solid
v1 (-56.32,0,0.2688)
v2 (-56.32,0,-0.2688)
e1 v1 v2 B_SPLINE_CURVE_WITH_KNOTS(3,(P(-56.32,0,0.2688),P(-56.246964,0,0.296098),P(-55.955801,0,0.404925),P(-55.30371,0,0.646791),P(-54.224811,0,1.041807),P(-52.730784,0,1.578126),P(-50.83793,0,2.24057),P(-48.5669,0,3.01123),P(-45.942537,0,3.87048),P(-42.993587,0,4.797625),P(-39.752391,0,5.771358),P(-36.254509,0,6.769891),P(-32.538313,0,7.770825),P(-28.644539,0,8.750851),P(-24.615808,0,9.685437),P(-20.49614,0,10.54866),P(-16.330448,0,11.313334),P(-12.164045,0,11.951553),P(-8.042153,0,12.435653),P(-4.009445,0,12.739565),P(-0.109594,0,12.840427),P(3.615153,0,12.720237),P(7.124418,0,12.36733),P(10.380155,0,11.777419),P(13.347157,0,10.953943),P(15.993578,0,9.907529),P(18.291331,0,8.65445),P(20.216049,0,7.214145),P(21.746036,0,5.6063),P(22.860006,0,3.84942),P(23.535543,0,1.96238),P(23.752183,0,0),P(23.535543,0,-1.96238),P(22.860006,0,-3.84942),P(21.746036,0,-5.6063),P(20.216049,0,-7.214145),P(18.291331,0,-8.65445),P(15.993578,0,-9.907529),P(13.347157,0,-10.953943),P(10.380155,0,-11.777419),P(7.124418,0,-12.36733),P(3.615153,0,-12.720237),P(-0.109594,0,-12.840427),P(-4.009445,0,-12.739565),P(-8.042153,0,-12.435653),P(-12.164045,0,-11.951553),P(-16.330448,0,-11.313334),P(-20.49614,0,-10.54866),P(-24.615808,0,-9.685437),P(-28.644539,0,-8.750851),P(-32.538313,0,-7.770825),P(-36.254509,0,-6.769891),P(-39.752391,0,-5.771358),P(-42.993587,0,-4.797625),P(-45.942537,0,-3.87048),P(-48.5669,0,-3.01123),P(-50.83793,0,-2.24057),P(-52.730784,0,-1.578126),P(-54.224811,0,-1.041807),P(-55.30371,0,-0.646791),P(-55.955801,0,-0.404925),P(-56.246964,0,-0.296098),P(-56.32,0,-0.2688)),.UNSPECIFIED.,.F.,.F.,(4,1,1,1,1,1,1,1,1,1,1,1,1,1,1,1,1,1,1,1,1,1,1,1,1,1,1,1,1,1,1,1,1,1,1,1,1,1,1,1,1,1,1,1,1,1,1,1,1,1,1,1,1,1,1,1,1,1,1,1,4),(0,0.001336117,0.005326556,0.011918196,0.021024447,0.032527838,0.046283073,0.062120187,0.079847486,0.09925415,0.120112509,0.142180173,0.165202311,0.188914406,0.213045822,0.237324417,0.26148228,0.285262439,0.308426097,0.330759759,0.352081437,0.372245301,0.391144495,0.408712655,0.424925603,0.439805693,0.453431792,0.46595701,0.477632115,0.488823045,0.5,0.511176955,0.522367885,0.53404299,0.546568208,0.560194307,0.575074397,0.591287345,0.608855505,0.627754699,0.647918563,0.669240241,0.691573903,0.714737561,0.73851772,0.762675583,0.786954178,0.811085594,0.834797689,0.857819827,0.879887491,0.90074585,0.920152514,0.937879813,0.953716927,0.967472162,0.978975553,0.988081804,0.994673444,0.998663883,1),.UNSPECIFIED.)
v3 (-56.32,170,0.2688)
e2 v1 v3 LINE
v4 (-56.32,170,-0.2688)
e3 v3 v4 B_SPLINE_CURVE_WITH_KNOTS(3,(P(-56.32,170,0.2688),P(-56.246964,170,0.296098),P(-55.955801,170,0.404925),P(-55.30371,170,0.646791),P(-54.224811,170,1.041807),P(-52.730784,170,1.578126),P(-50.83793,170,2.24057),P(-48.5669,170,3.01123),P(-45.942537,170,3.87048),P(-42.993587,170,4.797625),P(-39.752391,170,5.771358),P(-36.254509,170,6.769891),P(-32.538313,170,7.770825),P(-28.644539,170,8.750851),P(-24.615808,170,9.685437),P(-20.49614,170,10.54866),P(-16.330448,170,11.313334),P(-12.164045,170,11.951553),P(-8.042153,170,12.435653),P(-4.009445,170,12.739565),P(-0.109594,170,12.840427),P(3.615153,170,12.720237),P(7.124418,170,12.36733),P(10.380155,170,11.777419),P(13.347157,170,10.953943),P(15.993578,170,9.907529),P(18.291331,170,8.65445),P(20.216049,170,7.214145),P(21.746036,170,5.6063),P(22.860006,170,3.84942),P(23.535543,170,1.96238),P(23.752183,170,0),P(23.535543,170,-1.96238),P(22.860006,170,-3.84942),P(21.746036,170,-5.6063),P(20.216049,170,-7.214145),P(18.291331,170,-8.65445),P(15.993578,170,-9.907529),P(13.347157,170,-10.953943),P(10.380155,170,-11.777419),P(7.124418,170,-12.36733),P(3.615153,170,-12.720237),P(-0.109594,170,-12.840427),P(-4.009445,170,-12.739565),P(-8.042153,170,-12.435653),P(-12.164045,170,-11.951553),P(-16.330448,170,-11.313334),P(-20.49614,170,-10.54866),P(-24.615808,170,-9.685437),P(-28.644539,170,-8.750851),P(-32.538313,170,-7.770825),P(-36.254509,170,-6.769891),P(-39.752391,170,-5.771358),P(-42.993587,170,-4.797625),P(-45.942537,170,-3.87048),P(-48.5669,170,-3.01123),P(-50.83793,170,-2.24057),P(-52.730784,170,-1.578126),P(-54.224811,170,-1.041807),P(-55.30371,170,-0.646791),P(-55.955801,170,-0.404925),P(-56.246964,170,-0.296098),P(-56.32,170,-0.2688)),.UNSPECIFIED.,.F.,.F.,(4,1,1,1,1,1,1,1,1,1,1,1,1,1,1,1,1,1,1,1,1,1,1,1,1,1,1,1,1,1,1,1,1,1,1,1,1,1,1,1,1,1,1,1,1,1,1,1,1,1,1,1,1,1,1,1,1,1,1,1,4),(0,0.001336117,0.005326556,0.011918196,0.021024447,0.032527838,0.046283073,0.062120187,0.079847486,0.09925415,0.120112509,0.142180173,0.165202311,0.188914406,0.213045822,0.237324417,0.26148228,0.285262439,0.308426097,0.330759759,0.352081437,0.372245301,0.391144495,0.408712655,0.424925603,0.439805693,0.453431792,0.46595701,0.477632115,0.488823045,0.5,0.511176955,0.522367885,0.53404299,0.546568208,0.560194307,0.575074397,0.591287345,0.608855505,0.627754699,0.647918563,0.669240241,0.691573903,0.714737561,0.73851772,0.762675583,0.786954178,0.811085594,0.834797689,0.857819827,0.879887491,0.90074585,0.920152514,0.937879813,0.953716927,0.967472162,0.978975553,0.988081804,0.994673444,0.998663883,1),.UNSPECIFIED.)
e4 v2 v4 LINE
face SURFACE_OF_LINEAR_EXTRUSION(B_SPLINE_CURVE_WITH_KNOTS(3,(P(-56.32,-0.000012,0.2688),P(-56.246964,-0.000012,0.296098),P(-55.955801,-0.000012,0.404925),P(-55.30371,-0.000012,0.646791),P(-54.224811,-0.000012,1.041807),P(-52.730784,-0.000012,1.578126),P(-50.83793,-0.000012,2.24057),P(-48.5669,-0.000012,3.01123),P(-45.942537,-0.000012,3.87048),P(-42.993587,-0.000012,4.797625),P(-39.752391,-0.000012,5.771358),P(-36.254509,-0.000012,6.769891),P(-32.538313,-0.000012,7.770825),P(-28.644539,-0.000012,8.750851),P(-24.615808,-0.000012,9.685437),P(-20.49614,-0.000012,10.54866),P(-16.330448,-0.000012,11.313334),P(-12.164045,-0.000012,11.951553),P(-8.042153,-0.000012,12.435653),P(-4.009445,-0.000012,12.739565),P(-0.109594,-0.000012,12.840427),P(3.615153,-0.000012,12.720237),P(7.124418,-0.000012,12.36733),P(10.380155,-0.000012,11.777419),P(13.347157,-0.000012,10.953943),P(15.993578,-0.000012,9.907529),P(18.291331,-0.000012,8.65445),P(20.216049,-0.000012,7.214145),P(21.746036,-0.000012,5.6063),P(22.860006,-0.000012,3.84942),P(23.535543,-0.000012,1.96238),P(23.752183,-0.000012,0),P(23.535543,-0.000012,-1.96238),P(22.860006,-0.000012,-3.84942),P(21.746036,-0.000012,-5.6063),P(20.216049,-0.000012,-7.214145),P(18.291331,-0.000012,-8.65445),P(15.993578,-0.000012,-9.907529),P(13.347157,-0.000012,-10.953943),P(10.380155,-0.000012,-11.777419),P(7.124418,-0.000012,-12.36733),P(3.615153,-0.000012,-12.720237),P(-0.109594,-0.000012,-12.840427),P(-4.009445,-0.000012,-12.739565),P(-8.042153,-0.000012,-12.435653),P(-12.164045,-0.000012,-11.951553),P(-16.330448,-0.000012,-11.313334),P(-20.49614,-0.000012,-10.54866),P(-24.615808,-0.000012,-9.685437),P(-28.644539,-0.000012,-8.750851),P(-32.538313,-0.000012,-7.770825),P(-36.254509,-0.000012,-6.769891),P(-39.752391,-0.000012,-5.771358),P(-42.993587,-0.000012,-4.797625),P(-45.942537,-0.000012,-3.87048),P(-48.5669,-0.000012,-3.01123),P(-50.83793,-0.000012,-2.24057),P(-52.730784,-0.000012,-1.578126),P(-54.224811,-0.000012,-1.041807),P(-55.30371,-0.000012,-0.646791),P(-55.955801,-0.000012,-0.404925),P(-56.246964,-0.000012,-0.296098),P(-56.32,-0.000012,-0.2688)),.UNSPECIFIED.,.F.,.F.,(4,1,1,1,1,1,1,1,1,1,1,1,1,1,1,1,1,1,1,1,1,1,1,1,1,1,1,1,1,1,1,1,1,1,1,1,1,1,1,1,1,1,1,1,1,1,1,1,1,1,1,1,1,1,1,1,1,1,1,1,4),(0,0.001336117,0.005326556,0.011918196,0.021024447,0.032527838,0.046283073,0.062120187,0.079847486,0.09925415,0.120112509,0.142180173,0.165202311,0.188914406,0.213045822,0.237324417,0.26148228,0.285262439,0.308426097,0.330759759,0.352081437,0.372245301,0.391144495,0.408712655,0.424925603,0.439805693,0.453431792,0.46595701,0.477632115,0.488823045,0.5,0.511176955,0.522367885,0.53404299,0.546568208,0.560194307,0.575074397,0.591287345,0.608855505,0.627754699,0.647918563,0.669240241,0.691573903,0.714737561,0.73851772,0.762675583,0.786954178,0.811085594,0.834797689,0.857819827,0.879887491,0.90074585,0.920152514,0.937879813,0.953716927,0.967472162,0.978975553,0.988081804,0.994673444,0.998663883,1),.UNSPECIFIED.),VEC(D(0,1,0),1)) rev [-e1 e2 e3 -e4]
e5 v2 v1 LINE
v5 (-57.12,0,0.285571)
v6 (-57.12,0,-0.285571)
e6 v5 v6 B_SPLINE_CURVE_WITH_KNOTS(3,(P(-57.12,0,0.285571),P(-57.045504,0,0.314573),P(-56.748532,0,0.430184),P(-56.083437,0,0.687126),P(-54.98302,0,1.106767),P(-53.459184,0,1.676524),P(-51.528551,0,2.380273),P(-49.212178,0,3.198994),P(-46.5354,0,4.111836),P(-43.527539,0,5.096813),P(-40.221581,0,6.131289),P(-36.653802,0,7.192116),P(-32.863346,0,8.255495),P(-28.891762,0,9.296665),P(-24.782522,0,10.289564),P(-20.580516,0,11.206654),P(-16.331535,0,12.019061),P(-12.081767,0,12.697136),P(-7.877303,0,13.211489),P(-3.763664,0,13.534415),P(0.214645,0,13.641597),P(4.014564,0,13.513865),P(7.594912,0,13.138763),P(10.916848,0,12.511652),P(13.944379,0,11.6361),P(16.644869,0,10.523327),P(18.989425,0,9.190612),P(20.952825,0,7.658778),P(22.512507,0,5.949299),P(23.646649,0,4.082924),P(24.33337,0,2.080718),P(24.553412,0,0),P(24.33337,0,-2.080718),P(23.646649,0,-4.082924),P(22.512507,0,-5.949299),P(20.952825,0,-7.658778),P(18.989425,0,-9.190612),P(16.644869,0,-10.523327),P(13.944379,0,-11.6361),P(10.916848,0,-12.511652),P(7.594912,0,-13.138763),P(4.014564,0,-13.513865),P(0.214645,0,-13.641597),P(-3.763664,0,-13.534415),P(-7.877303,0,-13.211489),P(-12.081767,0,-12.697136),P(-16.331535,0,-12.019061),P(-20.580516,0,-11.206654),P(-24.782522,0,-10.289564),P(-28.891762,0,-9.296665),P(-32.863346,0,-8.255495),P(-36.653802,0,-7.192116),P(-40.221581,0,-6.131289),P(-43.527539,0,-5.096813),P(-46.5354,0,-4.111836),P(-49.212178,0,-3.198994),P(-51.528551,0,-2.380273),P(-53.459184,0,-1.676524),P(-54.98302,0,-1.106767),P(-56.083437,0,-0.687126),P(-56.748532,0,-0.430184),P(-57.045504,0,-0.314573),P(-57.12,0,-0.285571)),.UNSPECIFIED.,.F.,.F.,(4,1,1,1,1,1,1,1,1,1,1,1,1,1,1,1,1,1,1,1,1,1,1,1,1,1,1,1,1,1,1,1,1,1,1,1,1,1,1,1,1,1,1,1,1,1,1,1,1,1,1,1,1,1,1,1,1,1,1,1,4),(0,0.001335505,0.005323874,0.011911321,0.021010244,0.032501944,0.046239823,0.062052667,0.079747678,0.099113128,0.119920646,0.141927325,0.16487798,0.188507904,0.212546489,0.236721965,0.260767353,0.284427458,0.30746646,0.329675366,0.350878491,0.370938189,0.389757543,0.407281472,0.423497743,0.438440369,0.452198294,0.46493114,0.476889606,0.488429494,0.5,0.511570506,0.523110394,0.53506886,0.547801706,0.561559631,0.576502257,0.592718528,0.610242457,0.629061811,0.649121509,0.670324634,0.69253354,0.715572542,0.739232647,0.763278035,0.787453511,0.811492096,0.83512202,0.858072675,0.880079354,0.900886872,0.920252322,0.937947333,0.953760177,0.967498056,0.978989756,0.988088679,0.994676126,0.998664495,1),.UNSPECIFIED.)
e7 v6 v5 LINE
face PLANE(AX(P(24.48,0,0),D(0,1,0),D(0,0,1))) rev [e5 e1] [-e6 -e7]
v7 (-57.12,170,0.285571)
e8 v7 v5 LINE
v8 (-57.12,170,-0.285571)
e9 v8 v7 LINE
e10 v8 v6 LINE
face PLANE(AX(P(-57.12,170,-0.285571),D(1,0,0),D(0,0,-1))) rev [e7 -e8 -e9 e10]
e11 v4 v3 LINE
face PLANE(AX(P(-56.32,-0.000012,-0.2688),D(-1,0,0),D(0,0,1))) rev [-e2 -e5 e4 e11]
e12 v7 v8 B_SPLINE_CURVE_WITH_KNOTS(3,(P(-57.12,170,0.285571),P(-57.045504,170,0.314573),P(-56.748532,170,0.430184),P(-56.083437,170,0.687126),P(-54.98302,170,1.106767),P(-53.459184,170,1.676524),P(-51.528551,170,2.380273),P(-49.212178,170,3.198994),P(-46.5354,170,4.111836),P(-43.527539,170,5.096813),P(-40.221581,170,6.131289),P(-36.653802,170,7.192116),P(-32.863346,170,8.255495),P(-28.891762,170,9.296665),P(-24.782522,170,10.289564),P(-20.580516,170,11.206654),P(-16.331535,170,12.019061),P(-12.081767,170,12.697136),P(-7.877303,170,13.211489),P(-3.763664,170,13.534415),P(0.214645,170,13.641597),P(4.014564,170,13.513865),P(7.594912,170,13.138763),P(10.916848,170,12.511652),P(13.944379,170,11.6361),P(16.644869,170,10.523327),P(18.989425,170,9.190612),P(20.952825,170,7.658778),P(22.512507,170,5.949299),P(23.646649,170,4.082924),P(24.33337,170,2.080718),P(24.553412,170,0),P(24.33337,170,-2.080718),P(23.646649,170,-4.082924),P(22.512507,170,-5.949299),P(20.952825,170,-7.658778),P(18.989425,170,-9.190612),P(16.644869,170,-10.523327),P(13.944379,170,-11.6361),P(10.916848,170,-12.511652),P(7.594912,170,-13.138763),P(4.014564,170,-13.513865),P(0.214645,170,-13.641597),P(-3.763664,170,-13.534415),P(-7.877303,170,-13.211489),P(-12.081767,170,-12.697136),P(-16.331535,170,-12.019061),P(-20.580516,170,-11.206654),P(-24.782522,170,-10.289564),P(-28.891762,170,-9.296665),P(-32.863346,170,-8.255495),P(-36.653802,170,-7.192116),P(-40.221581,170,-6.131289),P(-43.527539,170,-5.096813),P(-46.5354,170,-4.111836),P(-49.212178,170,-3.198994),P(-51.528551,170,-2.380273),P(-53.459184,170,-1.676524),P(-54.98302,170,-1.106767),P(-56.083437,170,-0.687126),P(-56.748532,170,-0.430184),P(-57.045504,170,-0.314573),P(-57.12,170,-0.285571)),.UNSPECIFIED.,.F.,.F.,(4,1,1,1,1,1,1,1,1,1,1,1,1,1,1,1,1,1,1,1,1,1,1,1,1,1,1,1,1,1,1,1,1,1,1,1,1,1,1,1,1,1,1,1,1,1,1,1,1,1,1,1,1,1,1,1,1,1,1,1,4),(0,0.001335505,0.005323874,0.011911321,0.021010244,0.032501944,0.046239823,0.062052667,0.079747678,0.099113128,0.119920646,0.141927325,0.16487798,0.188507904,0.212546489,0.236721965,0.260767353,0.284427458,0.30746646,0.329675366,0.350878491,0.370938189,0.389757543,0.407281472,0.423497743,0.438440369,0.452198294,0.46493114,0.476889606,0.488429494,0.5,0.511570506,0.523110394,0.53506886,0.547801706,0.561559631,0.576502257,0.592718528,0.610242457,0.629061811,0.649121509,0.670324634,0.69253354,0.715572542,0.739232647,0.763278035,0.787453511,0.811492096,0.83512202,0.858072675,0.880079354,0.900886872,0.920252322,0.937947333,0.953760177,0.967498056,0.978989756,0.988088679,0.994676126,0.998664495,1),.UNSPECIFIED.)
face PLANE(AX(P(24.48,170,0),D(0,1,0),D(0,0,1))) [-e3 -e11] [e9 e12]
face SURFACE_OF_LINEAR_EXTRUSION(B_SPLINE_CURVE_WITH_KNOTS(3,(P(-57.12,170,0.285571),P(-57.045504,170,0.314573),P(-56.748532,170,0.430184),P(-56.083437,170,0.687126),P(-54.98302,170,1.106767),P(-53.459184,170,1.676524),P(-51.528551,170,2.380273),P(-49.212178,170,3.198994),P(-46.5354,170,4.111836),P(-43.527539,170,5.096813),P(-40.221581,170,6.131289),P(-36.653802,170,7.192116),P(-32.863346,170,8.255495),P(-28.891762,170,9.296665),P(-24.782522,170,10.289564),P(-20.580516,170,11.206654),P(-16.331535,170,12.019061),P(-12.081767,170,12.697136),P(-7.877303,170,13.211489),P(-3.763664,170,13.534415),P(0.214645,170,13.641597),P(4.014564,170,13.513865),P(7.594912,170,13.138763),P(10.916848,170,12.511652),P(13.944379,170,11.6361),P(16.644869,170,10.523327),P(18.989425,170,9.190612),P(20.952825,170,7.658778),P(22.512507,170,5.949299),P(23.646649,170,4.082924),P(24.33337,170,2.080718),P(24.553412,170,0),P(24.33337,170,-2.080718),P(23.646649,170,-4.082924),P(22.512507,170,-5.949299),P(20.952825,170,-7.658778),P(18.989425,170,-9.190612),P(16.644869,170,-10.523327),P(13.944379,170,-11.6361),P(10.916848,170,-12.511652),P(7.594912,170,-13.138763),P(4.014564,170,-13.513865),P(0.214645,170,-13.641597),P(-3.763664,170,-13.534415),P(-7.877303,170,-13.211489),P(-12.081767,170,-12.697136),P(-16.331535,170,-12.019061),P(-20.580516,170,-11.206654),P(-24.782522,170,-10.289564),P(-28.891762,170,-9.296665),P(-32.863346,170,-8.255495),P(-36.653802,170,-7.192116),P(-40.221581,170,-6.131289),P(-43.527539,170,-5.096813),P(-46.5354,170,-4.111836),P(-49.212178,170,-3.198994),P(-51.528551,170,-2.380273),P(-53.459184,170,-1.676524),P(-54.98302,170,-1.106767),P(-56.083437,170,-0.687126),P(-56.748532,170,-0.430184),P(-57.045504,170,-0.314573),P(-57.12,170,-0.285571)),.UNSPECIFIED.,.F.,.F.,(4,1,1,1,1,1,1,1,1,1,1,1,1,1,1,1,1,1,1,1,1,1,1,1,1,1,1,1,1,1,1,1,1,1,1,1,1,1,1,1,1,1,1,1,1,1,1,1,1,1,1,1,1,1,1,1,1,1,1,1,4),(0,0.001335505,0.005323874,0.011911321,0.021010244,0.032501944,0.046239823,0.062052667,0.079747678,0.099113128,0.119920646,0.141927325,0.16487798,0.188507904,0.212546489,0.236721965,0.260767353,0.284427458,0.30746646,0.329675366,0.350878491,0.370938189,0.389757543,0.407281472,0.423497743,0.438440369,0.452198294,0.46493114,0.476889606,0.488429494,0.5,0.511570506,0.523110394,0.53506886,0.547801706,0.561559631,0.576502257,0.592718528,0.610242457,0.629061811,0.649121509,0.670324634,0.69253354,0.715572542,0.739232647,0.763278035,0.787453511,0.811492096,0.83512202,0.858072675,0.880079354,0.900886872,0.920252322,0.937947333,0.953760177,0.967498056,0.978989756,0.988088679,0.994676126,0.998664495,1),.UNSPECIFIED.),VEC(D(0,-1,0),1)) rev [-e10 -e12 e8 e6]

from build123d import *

# Parameters (mm, degrees)
BOSS_EXTRUDE1_DEPTH     = 170
CUT_EXTRUDE1_DEPTH      = 180.854730216
CUT_EXTRUDE1_DEPTH_BACK = 180.854730216


with BuildPart() as part:
    # Sketch1 → Boss-Extrude1 (new body)
    with BuildSketch(Plane(origin=(0, 0, 0), x_dir=(1, 0, 0), z_dir=(0, 1, 0))):
        with BuildLine():
            Line((-57.12, 0.28557144), (-57.12, -0.28557144))
            add(Edge.make_bspline(
                [(-57.12, 0.28557144), (-57.045504044, 0.314572746), (-56.748532331, 0.430183953), (-56.083436953, 0.687126259), (-54.98302006, 1.106766885), (-53.459184099, 1.676523506), (-51.528550664, 2.380272674), (-49.212177735, 3.198993693), (-46.535400167, 4.111835748), (-43.527538558, 5.096813059), (-40.221580751, 6.131289203), (-36.65380238, 7.192115627), (-32.863345924, 8.255494879), (-28.891761905, 9.296664774), (-24.782522337, 10.289563982), (-20.580515737, 11.206654449), (-16.331534659, 12.019060841), (-12.081767191, 12.69713645), (-7.87730333, 13.211489437), (-3.763664102, 13.534415398), (0.214644948, 13.64159735), (4.014563956, 13.513865269), (7.594911886, 13.138762831), (10.916848411, 12.511652403), (13.94437884, 11.636099612), (16.644868805, 10.5233265), (18.989424566, 9.190612202), (20.952825012, 7.658778157), (22.512507051, 5.949299348), (23.646649454, 4.082924064), (24.3333703, 2.080718388), (24.553411985, 0), (24.3333703, -2.080718388), (23.646649454, -4.082924064), (22.512507051, -5.949299348), (20.952825012, -7.658778157), (18.989424566, -9.190612202), (16.644868805, -10.5233265), (13.94437884, -11.636099612), (10.916848411, -12.511652403), (7.594911886, -13.138762831), (4.014563956, -13.513865269), (0.214644948, -13.64159735), (-3.763664102, -13.534415398), (-7.87730333, -13.211489437), (-12.081767191, -12.69713645), (-16.331534659, -12.019060841), (-20.580515737, -11.206654449), (-24.782522337, -10.289563982), (-28.891761905, -9.296664774), (-32.863345924, -8.255494879), (-36.65380238, -7.192115627), (-40.221580751, -6.131289203), (-43.527538558, -5.096813059), (-46.535400167, -4.111835748), (-49.212177735, -3.198993693), (-51.528550664, -2.380272674), (-53.459184099, -1.676523506), (-54.98302006, -1.106766885), (-56.083436953, -0.687126259), (-56.748532331, -0.430183953), (-57.045504044, -0.314572746), (-57.12, -0.28557144)],
                knots=[0, 0, 0, 0, 0.001335505, 0.005323874, 0.011911321, 0.021010244, 0.032501944, 0.046239823, 0.062052667, 0.079747678, 0.099113128, 0.119920646, 0.141927325, 0.16487798, 0.188507904, 0.212546489, 0.236721965, 0.260767353, 0.284427458, 0.30746646, 0.329675366, 0.350878491, 0.370938189, 0.389757543, 0.407281472, 0.423497743, 0.438440369, 0.452198294, 0.46493114, 0.476889606, 0.488429494, 0.5, 0.511570506, 0.523110394, 0.53506886, 0.547801706, 0.561559631, 0.576502257, 0.592718528, 0.610242457, 0.629061811, 0.649121509, 0.670324634, 0.69253354, 0.715572542, 0.739232647, 0.763278035, 0.787453511, 0.811492096, 0.83512202, 0.858072675, 0.880079354, 0.900886872, 0.920252322, 0.937947333, 0.953760177, 0.967498056, 0.978989756, 0.988088679, 0.994676126, 0.998664495, 1, 1, 1, 1], degree=3))
        make_face()
    extrude(amount=BOSS_EXTRUDE1_DEPTH)

    # Sketch2 → Cut-Extrude1 (cut, two sides: drawn at the far end of the back side and taken through both)
    with BuildSketch(Plane(origin=(0, 0, 0), x_dir=(1, 0, 0), z_dir=(0, 1, 0)).offset(-CUT_EXTRUDE1_DEPTH_BACK)):
        with BuildLine():
            Line((-56.32, 0.2688), (-56.32, -0.2688))
            add(Edge.make_bspline(
                [(-56.32, 0.2688), (-56.246964327, 0.296098233), (-55.955800717, 0.404925219), (-55.303710206, 0.646790768), (-54.22481147, 1.041807165), (-52.730784194, 1.578126428), (-50.837929542, 2.240569543), (-48.566899677, 3.011230004), (-45.942536526, 3.870480147), (-42.993587092, 4.797625005), (-39.752390893, 5.771358103), (-36.254509088, 6.769891237), (-32.538313425, 7.7708251), (-28.644538635, 8.750851362), (-24.615807826, 9.685437472), (-20.496139759, 10.548659503), (-16.330448299, 11.313334133), (-12.164044756, 11.951553142), (-8.042153063, 12.435652539), (-4.009444683, 12.739565466), (-0.109594078, 12.840427415), (3.615153305, 12.72023663), (7.124418478, 12.367330009), (10.380155078, 11.777419309), (13.34715698, 10.95394257), (15.993578076, 9.907529168), (18.29133054, 8.65444961), (20.21604872, 7.214144931), (21.746035774, 5.606300031), (22.860005573, 3.849419877), (23.535542952, 1.962380003), (23.752183398, 0), (23.535542952, -1.962380003), (22.860005573, -3.849419877), (21.746035774, -5.606300031), (20.21604872, -7.214144931), (18.29133054, -8.65444961), (15.993578076, -9.907529168), (13.34715698, -10.95394257), (10.380155078, -11.777419309), (7.124418478, -12.367330009), (3.615153305, -12.72023663), (-0.109594078, -12.840427415), (-4.009444683, -12.739565466), (-8.042153063, -12.435652539), (-12.164044756, -11.951553142), (-16.330448299, -11.313334133), (-20.496139759, -10.548659503), (-24.615807826, -9.685437472), (-28.644538635, -8.750851362), (-32.538313425, -7.7708251), (-36.254509088, -6.769891237), (-39.752390893, -5.771358103), (-42.993587092, -4.797625005), (-45.942536526, -3.870480147), (-48.566899677, -3.011230004), (-50.837929542, -2.240569543), (-52.730784194, -1.578126428), (-54.22481147, -1.041807165), (-55.303710206, -0.646790768), (-55.955800717, -0.404925219), (-56.246964327, -0.296098233), (-56.32, -0.2688)],
                knots=[0, 0, 0, 0, 0.001336117, 0.005326556, 0.011918196, 0.021024447, 0.032527838, 0.046283073, 0.062120187, 0.079847486, 0.09925415, 0.120112509, 0.142180173, 0.165202311, 0.188914406, 0.213045822, 0.237324417, 0.26148228, 0.285262439, 0.308426097, 0.330759759, 0.352081437, 0.372245301, 0.391144495, 0.408712655, 0.424925603, 0.439805693, 0.453431792, 0.46595701, 0.477632115, 0.488823045, 0.5, 0.511176955, 0.522367885, 0.53404299, 0.546568208, 0.560194307, 0.575074397, 0.591287345, 0.608855505, 0.627754699, 0.647918563, 0.669240241, 0.691573903, 0.714737561, 0.73851772, 0.762675583, 0.786954178, 0.811085594, 0.834797689, 0.857819827, 0.879887491, 0.90074585, 0.920152514, 0.937879813, 0.953716927, 0.967472162, 0.978975553, 0.988081804, 0.994673444, 0.998663883, 1, 1, 1, 1], degree=3))
        make_face()
    extrude(amount=CUT_EXTRUDE1_DEPTH + CUT_EXTRUDE1_DEPTH_BACK, mode=Mode.SUBTRACT)


solid = part.part
